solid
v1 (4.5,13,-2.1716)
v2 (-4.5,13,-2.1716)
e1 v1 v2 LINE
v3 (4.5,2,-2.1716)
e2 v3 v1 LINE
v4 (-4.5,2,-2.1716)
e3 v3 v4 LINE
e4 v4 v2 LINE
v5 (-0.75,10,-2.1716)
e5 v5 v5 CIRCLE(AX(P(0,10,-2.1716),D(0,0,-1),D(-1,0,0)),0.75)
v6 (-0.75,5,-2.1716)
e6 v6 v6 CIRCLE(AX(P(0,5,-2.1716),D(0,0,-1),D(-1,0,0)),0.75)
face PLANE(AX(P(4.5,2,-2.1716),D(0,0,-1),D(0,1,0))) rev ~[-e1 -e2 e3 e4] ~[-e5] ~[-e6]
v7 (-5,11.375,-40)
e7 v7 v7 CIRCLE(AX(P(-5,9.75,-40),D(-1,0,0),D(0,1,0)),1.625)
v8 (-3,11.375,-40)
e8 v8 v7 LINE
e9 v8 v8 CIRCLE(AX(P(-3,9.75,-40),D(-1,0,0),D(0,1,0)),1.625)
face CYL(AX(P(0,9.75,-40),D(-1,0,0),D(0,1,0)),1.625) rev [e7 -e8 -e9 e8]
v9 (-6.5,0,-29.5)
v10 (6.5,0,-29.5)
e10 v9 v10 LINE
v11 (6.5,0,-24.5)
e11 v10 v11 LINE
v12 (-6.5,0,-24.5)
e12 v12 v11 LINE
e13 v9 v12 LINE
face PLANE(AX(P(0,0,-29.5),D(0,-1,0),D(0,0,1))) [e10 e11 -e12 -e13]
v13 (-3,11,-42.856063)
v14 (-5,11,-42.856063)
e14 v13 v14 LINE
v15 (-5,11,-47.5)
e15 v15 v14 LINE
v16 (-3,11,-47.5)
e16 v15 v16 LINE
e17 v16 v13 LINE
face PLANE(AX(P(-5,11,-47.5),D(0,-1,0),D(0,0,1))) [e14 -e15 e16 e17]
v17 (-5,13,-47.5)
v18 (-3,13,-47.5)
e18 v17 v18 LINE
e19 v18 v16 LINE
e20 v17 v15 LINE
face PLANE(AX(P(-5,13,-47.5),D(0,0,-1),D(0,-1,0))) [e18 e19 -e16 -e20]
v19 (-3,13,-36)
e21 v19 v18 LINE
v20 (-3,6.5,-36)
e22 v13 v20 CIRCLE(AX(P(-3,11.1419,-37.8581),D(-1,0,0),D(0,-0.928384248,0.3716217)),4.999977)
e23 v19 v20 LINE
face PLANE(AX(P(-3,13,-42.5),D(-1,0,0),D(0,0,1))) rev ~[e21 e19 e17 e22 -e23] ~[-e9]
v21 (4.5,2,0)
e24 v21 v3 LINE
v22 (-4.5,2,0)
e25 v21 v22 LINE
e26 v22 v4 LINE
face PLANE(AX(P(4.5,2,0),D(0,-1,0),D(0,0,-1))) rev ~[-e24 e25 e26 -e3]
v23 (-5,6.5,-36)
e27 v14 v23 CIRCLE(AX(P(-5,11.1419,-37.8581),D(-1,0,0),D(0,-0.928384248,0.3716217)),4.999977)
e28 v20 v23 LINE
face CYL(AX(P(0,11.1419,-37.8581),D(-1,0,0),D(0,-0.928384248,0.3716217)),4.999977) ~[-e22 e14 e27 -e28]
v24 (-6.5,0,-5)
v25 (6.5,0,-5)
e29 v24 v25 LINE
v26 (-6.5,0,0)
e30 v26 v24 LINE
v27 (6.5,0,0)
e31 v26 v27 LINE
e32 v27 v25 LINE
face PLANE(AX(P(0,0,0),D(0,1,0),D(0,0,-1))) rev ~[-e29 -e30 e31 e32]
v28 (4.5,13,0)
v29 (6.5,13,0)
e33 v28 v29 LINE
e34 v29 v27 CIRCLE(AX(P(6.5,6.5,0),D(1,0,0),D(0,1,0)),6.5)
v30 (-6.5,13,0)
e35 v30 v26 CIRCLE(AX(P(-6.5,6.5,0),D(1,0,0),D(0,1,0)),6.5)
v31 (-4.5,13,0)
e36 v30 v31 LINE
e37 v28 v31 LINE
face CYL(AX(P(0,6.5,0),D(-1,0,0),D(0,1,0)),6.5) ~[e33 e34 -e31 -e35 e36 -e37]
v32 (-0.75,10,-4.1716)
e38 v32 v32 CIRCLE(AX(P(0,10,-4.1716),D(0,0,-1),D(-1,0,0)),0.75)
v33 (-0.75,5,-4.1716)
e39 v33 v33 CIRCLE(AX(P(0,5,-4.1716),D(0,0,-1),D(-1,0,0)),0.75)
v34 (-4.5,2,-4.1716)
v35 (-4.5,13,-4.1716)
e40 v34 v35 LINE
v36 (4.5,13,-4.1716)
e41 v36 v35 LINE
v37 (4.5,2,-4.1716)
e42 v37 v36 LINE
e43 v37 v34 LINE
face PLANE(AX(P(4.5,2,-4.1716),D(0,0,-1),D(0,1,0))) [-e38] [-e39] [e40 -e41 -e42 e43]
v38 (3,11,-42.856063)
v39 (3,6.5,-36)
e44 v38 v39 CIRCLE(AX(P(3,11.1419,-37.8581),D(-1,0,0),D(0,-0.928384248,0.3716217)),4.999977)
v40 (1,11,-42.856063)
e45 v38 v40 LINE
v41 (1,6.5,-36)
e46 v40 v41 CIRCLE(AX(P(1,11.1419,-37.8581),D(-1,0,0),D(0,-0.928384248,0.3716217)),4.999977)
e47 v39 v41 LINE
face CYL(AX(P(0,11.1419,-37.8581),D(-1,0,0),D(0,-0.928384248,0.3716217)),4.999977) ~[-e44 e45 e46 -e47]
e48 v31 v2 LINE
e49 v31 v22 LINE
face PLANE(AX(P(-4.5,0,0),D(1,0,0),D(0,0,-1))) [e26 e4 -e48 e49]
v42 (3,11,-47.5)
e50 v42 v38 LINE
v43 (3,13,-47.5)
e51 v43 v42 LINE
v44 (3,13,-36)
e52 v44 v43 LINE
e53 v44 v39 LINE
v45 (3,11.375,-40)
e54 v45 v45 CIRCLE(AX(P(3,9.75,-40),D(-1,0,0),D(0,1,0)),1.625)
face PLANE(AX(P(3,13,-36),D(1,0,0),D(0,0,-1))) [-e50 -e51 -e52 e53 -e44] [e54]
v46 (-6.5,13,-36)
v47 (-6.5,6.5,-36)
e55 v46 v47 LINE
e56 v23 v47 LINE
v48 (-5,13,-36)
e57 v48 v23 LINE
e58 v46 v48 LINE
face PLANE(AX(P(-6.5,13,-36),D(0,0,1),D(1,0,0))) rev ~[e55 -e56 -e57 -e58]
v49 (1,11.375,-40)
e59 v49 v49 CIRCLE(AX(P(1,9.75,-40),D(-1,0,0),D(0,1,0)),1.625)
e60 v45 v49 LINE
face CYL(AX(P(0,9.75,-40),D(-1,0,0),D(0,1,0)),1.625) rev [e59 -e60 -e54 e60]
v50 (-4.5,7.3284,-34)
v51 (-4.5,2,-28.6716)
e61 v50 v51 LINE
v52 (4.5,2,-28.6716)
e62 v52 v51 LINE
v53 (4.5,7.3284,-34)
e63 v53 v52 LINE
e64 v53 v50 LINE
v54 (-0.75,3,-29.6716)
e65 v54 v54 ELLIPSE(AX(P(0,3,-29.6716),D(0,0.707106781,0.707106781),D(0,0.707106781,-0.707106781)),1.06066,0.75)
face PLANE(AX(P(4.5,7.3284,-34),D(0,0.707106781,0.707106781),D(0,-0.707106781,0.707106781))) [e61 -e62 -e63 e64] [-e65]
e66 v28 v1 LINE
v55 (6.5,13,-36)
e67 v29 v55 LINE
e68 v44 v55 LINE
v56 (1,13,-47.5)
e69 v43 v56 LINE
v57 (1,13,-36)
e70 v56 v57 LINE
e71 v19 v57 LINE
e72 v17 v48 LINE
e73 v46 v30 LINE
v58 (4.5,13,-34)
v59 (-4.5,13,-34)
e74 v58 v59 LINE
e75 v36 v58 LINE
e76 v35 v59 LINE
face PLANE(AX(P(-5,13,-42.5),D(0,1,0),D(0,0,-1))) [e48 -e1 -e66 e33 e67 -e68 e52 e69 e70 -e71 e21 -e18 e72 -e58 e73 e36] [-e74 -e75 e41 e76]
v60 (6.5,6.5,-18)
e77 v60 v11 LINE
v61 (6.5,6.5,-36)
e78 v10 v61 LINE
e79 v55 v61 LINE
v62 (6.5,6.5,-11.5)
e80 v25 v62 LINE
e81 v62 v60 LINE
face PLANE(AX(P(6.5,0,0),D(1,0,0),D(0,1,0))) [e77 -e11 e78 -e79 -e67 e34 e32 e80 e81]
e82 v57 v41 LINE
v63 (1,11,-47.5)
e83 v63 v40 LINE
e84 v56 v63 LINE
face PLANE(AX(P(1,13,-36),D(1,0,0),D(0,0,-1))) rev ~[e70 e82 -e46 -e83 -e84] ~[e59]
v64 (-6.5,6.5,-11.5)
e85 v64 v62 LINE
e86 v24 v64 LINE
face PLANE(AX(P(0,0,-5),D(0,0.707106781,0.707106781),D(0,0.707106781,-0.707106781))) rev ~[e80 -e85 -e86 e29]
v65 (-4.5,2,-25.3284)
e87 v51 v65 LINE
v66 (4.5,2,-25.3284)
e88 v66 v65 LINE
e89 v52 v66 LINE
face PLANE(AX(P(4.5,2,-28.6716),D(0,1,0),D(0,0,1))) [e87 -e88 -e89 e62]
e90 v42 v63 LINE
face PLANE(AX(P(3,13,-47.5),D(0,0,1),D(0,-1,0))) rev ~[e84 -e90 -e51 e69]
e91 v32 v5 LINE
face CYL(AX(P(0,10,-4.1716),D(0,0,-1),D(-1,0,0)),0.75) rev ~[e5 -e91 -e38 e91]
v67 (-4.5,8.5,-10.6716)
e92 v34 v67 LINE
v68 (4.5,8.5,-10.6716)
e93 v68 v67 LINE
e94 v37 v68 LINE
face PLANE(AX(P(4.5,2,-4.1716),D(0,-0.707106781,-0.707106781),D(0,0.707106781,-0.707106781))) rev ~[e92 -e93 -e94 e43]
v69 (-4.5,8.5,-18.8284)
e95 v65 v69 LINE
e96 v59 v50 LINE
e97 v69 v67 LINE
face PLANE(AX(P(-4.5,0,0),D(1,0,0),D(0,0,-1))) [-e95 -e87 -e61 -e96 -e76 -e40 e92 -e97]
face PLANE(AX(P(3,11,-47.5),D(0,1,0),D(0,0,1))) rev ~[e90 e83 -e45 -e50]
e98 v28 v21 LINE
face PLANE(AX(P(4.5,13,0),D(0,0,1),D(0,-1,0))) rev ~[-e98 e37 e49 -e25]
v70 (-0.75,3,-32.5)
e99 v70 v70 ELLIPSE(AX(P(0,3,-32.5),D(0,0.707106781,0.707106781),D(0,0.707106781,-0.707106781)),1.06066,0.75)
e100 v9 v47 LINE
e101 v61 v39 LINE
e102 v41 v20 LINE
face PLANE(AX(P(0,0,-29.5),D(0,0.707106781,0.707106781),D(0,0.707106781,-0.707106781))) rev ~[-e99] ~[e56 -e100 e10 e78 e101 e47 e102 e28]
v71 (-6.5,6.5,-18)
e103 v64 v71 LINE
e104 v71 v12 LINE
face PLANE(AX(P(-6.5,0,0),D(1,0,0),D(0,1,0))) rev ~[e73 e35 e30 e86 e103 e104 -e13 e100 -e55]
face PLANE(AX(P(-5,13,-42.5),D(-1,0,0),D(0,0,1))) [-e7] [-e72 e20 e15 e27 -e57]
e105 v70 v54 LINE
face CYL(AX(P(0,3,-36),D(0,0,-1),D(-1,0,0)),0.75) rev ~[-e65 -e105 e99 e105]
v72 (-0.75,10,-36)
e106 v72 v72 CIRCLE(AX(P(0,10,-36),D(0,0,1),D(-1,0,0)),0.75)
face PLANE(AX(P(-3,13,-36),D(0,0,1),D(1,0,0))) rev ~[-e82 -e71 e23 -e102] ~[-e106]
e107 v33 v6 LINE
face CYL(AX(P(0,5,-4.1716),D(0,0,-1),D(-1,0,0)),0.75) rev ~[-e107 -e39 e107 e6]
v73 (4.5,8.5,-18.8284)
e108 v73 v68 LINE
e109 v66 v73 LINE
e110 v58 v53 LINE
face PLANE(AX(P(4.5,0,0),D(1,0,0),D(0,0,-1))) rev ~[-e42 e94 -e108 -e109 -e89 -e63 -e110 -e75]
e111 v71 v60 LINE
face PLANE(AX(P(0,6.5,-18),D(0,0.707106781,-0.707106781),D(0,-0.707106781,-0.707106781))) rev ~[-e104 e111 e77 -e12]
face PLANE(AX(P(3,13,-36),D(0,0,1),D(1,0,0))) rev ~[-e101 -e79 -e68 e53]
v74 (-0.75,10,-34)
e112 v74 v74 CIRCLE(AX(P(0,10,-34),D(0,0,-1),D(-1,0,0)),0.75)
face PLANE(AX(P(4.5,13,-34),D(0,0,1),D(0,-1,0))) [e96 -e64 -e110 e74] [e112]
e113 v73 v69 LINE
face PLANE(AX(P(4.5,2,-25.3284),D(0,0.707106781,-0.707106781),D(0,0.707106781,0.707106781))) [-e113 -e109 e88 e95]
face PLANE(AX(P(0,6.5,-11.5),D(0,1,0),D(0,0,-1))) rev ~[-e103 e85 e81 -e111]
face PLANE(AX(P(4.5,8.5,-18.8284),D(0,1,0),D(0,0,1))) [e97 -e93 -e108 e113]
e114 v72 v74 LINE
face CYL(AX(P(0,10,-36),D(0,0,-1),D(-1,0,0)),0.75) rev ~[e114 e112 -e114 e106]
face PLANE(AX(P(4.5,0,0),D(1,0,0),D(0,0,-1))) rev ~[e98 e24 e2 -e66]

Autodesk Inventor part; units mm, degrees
ref_plane "YZ Plane" through (0, 0, 0) normal (1, 0, 0) x (0, 1, 0)
ref_plane "XZ Plane" through (0, 0, 0) normal (0, 1, 0) x (-1, 0, 0)
sketch "Sketch2" plane through (0, 0, 0) normal (1, 0, 0) x (0, 1, 0)
  line L0 (0, 0) -> (0, -5)
  line L1 (13, 0) -> (13, -18)
  arc A0 (13, 0) -> (0, 0) centre (6.5, 0) ccw
  line L2 (-3.1385, 0) -> (18.8309, 0) projected
  line L3 (0, -54.8723) -> (0, 16.7287) projected
  line L4 (0, -5) -> (6.5, -11.5)
  line L5 (0, -5) -> (9.1924, -5) construction
  line L6 (6.5, -11.5) -> (6.5, -18)
  line L7 (6.5, -18) -> (0, -24.5)
  line L8 (6.5, -18) -> (15.6924, -18) construction
  line L9 (0, -24.5) -> (0, -29.5)
  line L10 (0, -29.5) -> (6.5, -36)
  line L11 (0, -29.5) -> (9.1924, -29.5) construction
  line L12 (13, -18) -> (13, -36)
  line L13 (13, -36) -> (13, -42.5)
  arc A1 (6.5, -36) -> (13, -42.5) centre (11.1419, -37.8581) ccw
  circle A2 centre (9.75, -40) radius 1.625
  dimension "d3" = 18
  dimension "d4" = 13
  dimension "d9" = 45
  dimension "d10" = 6.5
  dimension "d11" = 5
  dimension "d12" = 6.5
  dimension "d13" = 135
  dimension "d14" = 6.5
  dimension "d15" = 5
  dimension "d16" = 45
  dimension "d17" = 6.5
  dimension "d18" = 18
  dimension "d19" = 6.5
  dimension "d20" = 5
  dimension "d21" = 3.25
  dimension "d22" = 3.25
  dimension "d23" = 2.5
extrude "Extrusion1" add sketch "Sketch2" along normal mid plane 13 contours L2 L1 L12 L13 A1 L10 L3 L7 L6 L4 L0 | A0 L2
sketch "Sketch3" plane through (-6.5, 13, 0) normal (0, 1, 0) x (1, 0, 0)
  line L0 (0, 36) -> (13, 36) projected
  line L1 (0, 43) -> (1.5, 43)
  line L2 (1.5, 43) -> (1.5, 36)
  line L3 (1.5, 36) -> (0, 36)
  line L4 (0, 36) -> (0, 43)
  line L5 (0, 0) -> (0, 42.5) projected
  line L6 (3.5, 43) -> (7.5, 43)
  line L7 (7.5, 43) -> (7.5, 36)
  line L8 (7.5, 36) -> (3.5, 36)
  line L9 (3.5, 36) -> (3.5, 43)
  line L10 (9.5, 43) -> (13, 43)
  line L11 (13, 43) -> (13, 36)
  line L12 (13, 36) -> (9.5, 36)
  line L13 (9.5, 36) -> (9.5, 43)
  line L14 (13, 42.5) -> (13, 0) projected
  point P0 (6.5, 0)
  dimension "d47" = 1.5
  dimension "d48" = 7
  dimension "d49" = 4
  dimension "d50" = 7
  dimension "d51" = 2
  dimension "d52" = 7
  dimension "d53" = 2
extrude "Extrusion2" cut sketch "Sketch3" against normal blind 13
ref_plane "Work Plane1" through (4.5, 0, 0) normal (1, 0, 0) x (0, 0, -1)
sketch "Sketch4" plane through (4.5, 0, 0) normal (1, 0, 0) x (0, 0, -1)
  arc A0 (0, 13) -> (0, 0) centre (0, 6.5) ccw projected
  line L0 (0, 13) -> (36, 13) projected
  line L1 (36, 13) -> (36, 6.5) projected
  line L2 (36, 6.5) -> (29.5, 0) projected
  line L3 (29.5, 0) -> (24.5, 0) projected
  line L4 (24.5, 0) -> (18, 6.5) projected
  line L5 (36, 13) -> (36, 6.5) projected
  line L6 (36, 6.5) -> (29.5, 0) projected
  line L7 (29.5, 0) -> (24.5, 0) projected
  line L8 (24.5, 0) -> (18, 6.5) projected
  line L9 (18, 6.5) -> (11.5, 6.5) projected
  line L10 (11.5, 6.5) -> (5, 0) projected
  line L11 (5, 0) -> (0, 0) projected
  arc A1 (0, 13) -> (0, 0) centre (0, 6.5) ccw projected
  line L12 (0, 13) -> (36, 13) projected
  line L13 (0, 13) -> (0, 2)
  line L14 (0, 2) -> (2.1716, 2)
  line L15 (4.1716, 2) -> (10.6716, 8.5)
  line L16 (4.1716, 2) -> (13.364, 2) construction
  line L17 (34, 13) -> (34, 7.3284)
  line L18 (34, 7.3284) -> (28.6716, 2)
  line L19 (34, 7.3284) -> (41.5355, 7.3284) construction
  line L20 (28.6716, 2) -> (25.3284, 2)
  line L21 (25.3284, 2) -> (18.8284, 8.5)
  line L22 (25.3284, 2) -> (34.5208, 2) construction
  line L23 (18.8284, 8.5) -> (10.6716, 8.5)
  line L24 (4.1716, 2) -> (4.1716, 13)
  line L25 (2.1716, 2) -> (2.1716, 13)
  line L26 (0, 13) -> (2.1716, 13)
  line L27 (4.1716, 13) -> (34, 13)
  dimension "d57" = 11
  dimension "d58" = 2
  dimension "d59" = 45
  dimension "d60" = 2
  dimension "d62" = 2
  dimension "d63" = 2
  dimension "d64" = 135
  dimension "d65" = 2
  dimension "d66" = 2
  dimension "d67" = 135
  dimension "d94" = 2
  dimension "d95" = 2
extrude "Extrusion3" cut sketch "Sketch4" against normal blind 9 contours L0 L25 L14 L13 | L0 L17 L18 L20 L21 L23 L15 L24
sketch "Sketch5" plane through (4.5, 2, -4.1716) normal (0, 0, -1) x (-1, 0, 0)
  line L0 (0, 11) -> (0, 0) projected
  line L1 (9, 0) -> (9, 11) projected
  line L2 (0, 11) -> (0, 0) projected
  line L3 (0, 0) -> (9, 0) projected
  line L4 (9, 0) -> (9, 11) projected
  line L5 (0, 11) -> (9, 11) projected
  circle A0 centre (4.5, 8) radius 0.75
  circle A1 centre (4.5, 3) radius 0.75
  point P0 (4.5, -2)
  dimension "d72" = 1.5
  dimension "d73" = 4.5
  dimension "d74" = 3
  dimension "d75" = 1.5
  dimension "d76" = 3
  dimension "d77" = 4.5
extrude "Extrusion4" cut sketch "Sketch5" against normal blind 2 contours A0 | A1
sketch "Sketch6" plane through (1, 13, -36) normal (0, 0, -1) x (-1, 0, 0)
  line L0 (1, -15.6) -> (1, 2.6) projected
  line L1 (10.1, -13) -> (-8.1, -13) projected
  circle A0 centre (1, -3) radius 0.75
  line L2 (0, 0) -> (4, 0) projected
  circle A1 centre (1, -10) radius 0.75
  point P0 (1, -13)
  dimension "d80" = 1.5
  dimension "d81" = 3
  dimension "d82" = 1.5
  dimension "d83" = 3
extrude "Extrusion5" cut sketch "Sketch6" against normal blind 9
sketch "Sketch7" plane through (3, 13, -36) normal (1, 0, 0) x (0, 0, -1)
  line L0 (6.5, 0) -> (0, 0) projected
  line L1 (6.5, 0) -> (11.5, 0)
  line L2 (11.5, 0) -> (11.5, -2)
  line L3 (11.5, -2) -> (6.5, -2)
  line L4 (6.5, -2) -> (6.5, 0)
  point P0 (-36, -13)
  dimension "d86" = 5
  dimension "d87" = 2
extrude "Extrusion6" add sketch "Sketch7" against normal blind 2
sketch "Sketch8" plane through (-5, 13, -42.5) normal (-1, 0, 0) x (0, 0, 1)
  line L0 (0, 0) -> (6.5, 0) projected
  line L1 (-5, -2) -> (0, -2)
  line L2 (0, -2) -> (0, 0)
  line L3 (0, 0) -> (-5, 0)
  line L4 (-5, 0) -> (-5, -2)
  point P0 (42.5, -13)
  dimension "d90" = 5
  dimension "d91" = 2
extrude "Extrusion7" add sketch "Sketch8" against normal blind 2
properties part number "index"
